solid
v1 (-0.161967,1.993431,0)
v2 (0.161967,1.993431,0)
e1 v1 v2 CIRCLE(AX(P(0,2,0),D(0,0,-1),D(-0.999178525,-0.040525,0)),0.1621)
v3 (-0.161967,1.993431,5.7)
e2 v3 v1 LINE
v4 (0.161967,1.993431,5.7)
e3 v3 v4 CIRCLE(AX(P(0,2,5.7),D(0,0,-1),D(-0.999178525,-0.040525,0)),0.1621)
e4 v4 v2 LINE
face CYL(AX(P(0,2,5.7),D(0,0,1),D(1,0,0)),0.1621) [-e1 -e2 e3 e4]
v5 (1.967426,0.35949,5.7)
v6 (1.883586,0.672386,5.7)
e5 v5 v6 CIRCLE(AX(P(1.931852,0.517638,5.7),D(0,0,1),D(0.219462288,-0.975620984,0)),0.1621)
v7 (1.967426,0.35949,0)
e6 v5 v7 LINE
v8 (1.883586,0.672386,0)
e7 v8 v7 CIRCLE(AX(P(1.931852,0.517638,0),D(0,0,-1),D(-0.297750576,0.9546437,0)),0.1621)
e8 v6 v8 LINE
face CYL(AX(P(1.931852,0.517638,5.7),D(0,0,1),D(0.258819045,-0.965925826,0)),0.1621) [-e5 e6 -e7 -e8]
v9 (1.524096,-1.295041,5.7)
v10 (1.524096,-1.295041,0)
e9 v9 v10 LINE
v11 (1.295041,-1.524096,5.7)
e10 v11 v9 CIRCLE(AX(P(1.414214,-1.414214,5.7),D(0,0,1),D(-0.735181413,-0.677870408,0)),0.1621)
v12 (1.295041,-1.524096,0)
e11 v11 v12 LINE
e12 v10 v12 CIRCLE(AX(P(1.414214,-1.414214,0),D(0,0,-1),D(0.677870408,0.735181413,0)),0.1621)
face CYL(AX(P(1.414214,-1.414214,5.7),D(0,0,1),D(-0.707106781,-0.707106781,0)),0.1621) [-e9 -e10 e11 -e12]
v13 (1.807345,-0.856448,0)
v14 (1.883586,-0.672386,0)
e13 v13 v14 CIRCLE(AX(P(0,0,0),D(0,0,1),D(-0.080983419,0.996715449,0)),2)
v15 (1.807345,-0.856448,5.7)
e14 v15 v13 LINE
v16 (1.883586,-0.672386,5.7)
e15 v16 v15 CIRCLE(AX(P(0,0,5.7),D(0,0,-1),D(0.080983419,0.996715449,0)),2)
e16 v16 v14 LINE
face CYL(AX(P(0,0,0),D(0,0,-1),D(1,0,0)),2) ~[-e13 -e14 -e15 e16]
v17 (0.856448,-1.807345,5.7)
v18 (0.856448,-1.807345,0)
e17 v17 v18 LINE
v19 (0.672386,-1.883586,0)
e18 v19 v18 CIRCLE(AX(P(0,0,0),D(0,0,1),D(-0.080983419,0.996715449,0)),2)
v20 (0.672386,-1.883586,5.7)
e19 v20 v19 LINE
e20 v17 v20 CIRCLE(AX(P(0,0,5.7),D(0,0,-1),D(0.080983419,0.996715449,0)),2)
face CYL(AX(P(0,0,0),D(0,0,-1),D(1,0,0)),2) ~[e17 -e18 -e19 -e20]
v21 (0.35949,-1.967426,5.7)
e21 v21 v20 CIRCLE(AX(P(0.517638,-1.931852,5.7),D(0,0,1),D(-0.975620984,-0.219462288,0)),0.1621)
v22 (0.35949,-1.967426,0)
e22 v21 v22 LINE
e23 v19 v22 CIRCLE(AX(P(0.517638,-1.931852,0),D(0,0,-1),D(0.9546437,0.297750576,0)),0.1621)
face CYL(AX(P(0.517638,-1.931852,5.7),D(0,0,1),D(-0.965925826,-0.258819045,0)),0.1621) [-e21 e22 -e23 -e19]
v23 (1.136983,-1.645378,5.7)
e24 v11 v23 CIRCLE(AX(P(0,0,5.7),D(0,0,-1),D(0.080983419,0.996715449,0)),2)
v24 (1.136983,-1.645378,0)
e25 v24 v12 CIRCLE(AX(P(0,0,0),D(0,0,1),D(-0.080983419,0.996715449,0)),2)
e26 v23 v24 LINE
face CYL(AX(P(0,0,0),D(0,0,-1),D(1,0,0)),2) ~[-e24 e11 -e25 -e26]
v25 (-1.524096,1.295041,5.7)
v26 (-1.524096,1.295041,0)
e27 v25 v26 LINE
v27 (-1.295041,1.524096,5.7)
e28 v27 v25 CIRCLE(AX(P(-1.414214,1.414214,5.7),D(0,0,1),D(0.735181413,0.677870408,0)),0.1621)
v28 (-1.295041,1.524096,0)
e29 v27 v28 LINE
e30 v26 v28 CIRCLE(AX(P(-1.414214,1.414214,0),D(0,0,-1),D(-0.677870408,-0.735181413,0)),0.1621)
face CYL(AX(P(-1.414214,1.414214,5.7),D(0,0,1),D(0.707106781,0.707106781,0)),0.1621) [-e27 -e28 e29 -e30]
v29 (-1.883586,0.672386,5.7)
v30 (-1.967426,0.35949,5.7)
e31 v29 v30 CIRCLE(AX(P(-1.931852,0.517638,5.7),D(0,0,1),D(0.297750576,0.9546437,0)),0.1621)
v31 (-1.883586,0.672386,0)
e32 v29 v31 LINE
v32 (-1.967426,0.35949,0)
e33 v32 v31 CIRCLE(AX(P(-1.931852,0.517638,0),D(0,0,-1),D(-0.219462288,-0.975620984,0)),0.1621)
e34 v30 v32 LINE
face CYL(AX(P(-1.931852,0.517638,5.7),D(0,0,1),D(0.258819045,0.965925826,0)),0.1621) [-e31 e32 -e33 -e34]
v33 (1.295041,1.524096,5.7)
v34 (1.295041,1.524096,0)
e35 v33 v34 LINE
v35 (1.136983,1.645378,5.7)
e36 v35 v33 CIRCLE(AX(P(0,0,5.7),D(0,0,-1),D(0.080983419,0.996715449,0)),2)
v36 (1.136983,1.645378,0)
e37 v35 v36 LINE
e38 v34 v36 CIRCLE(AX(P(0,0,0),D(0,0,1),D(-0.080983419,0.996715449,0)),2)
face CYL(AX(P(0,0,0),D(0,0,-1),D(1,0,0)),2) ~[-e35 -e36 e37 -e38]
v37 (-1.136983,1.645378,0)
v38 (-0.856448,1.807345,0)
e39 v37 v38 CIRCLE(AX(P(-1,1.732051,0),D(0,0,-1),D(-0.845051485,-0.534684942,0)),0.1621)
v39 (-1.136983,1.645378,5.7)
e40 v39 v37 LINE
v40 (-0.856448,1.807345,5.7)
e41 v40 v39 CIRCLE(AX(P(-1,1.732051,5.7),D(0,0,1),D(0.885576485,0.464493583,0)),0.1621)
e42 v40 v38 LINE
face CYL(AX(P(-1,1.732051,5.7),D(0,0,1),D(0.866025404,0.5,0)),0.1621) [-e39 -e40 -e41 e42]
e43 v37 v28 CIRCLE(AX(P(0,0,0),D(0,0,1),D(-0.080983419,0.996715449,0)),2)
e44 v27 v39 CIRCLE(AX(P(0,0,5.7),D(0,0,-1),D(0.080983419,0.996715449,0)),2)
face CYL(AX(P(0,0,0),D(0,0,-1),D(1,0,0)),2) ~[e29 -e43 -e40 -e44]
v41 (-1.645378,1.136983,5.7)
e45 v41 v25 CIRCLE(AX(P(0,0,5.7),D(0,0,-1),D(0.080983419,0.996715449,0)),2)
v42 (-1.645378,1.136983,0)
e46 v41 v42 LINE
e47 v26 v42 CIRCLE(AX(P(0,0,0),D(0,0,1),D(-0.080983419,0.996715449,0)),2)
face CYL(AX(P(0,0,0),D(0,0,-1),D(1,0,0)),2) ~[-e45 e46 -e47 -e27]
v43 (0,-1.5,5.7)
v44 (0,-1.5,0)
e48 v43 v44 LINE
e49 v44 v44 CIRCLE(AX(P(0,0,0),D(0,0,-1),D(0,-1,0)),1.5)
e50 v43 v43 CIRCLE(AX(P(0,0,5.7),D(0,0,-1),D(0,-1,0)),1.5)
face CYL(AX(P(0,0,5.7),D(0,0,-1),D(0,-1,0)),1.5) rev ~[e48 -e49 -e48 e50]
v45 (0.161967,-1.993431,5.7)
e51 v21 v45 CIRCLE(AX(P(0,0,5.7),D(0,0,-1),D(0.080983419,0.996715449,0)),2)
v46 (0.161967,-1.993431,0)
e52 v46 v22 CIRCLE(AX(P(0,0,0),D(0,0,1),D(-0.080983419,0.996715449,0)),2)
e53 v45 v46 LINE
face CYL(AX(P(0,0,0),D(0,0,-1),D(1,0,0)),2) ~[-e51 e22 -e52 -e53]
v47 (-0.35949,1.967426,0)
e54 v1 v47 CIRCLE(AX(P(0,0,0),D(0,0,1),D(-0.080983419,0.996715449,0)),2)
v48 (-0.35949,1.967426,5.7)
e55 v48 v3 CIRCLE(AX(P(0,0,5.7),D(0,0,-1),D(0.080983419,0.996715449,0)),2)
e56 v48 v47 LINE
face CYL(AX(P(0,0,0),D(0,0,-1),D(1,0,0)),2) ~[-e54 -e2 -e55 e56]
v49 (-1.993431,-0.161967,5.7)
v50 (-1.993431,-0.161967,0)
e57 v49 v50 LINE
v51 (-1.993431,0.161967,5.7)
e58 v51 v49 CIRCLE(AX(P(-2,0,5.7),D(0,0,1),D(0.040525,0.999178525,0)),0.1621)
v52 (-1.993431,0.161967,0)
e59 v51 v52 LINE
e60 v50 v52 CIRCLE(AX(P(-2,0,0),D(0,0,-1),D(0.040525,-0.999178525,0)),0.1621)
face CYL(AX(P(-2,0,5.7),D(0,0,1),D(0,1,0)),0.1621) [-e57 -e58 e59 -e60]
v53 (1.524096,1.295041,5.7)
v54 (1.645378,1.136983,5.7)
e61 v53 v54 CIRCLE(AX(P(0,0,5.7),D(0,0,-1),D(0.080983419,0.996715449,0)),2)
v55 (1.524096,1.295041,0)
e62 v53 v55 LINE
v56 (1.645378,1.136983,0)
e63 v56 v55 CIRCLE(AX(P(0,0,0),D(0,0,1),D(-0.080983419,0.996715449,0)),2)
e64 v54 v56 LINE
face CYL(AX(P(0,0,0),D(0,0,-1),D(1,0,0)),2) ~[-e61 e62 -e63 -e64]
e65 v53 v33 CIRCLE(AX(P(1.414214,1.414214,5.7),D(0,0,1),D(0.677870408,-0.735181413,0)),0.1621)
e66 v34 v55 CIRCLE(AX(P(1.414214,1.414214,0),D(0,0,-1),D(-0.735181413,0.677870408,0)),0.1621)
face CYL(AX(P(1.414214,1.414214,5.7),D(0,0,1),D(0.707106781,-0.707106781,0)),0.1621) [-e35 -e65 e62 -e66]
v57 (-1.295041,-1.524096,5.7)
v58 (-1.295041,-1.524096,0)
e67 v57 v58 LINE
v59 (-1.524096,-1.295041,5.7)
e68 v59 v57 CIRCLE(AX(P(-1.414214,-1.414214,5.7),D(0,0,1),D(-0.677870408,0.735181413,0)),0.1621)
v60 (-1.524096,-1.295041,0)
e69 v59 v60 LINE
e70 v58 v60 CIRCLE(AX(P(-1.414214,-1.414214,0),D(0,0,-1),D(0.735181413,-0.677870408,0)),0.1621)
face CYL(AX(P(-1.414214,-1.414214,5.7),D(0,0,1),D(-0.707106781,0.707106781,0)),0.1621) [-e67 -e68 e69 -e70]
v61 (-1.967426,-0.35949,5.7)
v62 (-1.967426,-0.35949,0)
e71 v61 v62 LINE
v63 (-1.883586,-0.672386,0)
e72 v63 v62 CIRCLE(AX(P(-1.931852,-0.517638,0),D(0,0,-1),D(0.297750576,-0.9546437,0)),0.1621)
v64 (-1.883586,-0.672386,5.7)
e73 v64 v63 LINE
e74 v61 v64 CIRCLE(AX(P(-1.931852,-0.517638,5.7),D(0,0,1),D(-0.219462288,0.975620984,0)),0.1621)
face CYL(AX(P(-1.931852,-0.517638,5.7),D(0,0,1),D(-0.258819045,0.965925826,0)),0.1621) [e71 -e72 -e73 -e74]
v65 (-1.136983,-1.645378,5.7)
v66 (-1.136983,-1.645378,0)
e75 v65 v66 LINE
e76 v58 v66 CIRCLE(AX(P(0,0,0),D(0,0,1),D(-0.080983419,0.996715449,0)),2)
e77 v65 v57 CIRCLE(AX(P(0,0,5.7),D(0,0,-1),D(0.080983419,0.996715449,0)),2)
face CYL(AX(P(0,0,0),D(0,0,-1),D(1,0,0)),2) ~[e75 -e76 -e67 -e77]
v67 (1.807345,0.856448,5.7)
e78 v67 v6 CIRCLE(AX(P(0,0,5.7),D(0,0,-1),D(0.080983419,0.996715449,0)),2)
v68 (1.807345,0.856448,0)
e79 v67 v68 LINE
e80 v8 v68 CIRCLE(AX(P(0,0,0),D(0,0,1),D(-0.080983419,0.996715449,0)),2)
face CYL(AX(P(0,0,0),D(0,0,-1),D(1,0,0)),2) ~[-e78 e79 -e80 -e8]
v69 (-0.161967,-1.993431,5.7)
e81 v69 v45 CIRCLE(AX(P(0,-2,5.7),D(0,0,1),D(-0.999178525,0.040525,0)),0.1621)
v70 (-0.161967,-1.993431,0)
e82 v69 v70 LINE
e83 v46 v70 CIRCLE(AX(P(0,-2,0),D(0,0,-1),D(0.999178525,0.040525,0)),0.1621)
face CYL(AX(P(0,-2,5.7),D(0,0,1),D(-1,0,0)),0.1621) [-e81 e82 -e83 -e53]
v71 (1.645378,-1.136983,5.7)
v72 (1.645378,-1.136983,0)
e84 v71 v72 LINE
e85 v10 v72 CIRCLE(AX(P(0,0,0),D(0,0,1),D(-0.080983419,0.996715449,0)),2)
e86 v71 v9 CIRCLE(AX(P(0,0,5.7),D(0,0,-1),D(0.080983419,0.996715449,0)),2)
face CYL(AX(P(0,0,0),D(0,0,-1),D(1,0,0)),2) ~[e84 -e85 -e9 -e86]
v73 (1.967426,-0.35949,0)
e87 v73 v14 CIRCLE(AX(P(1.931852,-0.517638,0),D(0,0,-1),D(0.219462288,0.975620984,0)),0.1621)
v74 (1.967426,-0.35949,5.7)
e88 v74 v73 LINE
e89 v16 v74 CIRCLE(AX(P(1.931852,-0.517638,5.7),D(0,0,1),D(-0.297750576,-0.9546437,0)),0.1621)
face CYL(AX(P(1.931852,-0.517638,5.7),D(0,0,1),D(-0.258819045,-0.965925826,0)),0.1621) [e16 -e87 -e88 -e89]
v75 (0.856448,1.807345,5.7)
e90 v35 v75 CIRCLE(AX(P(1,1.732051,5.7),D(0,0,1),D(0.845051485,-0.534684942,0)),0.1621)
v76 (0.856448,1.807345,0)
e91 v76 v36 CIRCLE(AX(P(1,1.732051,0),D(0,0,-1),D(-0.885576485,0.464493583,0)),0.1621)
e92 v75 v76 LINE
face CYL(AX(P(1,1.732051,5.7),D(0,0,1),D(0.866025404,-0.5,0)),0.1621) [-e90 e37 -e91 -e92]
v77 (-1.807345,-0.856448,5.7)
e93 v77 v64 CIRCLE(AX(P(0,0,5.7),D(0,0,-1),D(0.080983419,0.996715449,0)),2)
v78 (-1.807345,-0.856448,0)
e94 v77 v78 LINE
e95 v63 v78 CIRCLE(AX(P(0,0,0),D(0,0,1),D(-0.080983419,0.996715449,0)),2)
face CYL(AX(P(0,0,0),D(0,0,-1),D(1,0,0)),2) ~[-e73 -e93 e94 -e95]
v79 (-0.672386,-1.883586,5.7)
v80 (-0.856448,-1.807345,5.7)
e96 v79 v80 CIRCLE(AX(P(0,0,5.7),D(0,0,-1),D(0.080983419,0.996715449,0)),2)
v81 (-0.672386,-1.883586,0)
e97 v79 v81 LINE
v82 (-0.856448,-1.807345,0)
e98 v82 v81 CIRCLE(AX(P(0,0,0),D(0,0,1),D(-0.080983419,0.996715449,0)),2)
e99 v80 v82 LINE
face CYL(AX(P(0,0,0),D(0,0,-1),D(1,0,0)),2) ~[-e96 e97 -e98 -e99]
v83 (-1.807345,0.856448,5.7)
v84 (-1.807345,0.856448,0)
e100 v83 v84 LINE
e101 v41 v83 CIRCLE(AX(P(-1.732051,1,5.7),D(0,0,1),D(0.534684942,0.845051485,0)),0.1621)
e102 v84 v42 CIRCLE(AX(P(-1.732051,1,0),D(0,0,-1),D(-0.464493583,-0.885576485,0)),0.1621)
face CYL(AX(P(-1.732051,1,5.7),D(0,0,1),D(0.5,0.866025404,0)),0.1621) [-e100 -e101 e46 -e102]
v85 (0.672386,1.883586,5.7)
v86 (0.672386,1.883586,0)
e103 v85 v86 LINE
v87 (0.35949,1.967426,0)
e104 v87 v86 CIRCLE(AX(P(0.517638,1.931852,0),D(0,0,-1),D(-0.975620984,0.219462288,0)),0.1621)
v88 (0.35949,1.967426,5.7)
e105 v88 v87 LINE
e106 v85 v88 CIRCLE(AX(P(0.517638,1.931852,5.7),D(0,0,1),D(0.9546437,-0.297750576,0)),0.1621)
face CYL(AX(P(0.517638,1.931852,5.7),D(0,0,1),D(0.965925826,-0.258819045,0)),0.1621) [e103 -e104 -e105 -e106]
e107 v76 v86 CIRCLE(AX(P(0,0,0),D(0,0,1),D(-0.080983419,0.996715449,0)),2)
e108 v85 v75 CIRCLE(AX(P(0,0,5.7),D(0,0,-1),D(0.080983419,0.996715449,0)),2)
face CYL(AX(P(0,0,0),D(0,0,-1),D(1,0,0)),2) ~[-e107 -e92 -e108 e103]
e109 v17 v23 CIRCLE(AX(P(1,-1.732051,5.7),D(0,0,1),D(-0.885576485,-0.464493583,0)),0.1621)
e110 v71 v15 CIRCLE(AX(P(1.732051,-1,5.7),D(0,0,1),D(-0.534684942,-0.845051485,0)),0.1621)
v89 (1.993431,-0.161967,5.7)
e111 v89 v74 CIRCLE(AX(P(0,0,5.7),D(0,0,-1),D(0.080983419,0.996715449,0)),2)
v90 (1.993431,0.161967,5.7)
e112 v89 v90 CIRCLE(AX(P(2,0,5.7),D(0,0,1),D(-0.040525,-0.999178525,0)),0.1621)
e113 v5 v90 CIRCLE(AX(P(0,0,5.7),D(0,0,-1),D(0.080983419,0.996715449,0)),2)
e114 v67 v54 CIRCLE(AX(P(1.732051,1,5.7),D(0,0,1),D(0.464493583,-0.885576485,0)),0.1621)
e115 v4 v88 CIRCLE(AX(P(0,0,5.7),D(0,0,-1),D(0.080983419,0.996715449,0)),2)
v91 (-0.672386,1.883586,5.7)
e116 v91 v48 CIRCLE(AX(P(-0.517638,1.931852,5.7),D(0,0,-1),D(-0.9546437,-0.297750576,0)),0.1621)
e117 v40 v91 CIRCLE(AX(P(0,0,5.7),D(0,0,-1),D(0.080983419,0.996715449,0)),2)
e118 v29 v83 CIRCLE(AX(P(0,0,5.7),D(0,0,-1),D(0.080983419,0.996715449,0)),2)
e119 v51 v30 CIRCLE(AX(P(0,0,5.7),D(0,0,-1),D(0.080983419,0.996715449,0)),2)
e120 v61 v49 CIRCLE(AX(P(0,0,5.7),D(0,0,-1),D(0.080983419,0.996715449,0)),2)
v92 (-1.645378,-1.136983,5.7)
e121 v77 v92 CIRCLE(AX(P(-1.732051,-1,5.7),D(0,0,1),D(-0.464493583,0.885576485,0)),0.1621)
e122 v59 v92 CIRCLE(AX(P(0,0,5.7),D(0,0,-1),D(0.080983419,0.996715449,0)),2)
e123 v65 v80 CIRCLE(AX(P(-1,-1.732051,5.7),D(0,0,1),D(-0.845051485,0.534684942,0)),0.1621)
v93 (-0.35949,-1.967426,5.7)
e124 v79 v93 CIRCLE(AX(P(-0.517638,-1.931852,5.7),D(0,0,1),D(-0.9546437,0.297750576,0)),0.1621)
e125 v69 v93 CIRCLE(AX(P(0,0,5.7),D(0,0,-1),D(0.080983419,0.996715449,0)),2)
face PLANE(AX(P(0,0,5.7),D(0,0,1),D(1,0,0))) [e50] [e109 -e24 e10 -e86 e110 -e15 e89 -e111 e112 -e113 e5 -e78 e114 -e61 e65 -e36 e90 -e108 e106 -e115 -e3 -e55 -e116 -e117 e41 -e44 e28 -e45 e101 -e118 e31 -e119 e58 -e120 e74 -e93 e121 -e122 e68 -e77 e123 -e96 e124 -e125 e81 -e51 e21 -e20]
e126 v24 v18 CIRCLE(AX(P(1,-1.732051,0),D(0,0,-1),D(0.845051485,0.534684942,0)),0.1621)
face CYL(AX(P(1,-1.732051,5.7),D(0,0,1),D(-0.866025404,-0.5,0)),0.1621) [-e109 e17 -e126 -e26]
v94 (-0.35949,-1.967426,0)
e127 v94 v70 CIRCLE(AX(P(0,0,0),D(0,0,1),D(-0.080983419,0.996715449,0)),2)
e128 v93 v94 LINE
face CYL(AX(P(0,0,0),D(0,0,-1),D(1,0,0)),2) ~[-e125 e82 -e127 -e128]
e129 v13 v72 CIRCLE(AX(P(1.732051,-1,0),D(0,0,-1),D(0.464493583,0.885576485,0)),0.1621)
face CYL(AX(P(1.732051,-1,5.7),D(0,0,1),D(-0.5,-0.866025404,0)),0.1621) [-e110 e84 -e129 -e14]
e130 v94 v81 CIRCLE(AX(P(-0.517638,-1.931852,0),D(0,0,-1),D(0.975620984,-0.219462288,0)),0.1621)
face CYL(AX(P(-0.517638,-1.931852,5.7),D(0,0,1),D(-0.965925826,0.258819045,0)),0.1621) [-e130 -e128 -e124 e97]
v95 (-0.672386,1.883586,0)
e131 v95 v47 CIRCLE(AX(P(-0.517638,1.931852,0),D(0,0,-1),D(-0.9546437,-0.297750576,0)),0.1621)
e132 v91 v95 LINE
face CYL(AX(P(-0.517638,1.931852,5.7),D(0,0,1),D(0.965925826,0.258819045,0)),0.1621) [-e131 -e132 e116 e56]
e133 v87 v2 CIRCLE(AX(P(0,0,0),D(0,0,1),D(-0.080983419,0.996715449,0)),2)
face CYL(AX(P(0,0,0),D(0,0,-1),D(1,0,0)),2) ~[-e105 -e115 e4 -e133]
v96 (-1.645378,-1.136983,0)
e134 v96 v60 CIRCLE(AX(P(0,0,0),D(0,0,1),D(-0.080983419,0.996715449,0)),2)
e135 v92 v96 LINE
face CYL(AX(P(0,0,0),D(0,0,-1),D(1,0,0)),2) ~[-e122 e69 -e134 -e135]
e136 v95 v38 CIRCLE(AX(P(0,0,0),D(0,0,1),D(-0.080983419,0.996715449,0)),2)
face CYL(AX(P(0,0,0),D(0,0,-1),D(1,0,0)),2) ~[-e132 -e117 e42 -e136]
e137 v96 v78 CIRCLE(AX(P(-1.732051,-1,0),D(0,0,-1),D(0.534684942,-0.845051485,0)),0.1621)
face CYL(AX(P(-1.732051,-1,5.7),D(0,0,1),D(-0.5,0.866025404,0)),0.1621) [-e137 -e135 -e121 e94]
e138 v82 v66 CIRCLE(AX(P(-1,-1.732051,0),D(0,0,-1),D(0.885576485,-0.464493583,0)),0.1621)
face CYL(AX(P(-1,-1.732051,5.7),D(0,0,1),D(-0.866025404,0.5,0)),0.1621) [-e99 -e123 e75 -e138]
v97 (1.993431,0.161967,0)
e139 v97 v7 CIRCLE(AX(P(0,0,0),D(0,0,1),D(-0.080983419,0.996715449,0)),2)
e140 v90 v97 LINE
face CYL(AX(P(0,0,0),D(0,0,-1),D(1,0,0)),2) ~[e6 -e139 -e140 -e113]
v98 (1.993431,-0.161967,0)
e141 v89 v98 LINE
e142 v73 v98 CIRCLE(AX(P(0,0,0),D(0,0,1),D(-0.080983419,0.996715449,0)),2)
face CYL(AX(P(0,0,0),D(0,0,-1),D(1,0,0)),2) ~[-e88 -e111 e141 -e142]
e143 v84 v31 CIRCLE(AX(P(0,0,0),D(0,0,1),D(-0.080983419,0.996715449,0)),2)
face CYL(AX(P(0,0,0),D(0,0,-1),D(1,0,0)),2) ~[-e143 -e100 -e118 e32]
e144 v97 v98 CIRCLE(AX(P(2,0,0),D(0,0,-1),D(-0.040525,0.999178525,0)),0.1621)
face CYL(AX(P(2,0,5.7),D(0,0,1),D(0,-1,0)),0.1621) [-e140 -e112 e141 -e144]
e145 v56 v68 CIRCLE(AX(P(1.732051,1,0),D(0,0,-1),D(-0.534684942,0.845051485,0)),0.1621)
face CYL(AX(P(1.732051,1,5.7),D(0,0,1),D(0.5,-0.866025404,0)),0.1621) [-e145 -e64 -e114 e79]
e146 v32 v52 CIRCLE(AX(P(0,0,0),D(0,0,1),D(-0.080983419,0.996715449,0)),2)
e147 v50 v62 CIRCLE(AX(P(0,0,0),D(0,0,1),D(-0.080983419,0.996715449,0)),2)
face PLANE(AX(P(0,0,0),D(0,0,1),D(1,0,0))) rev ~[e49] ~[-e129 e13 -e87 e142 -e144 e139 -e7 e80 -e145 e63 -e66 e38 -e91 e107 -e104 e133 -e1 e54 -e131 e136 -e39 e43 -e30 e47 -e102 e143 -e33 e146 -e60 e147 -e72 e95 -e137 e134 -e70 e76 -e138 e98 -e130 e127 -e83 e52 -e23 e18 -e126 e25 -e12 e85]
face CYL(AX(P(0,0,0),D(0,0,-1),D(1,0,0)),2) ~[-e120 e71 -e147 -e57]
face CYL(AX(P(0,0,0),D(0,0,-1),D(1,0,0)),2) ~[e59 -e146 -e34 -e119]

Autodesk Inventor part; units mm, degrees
ref_plane "YZ Plane" through (0, 0, 0) normal (1, 0, 0) x (0, 1, 0)
ref_plane "XZ Plane" through (0, 0, 0) normal (0, 1, 0) x (-1, 0, 0)
ref_plane "XY Plane" through (0, 0, 0) normal (0, 0, 1) x (1, 0, 0)
sketch "Sketch1" plane through (0, 0, 0) normal (0, 0, 1) x (1, 0, 0)
  circle A0 centre (0, 0) radius 2
  dimension "d0" = 4
extrude "Extrusion1" add sketch "Sketch1" along normal blind 5.7
sketch "Sketch2" plane through (0, 0, 5.7) normal (0, 0, 1) x (1, 0, 0)
  circle A0 centre (0, 0) radius 2 projected
  circle A1 centre (0, 2) radius 0.1621
extrude "Extrusion2" add sketch "Sketch2" against normal blind 5.7 contours A1 A0 | A0 A1 picked at (0, 1.9455) picked at (0.0067, 2.0531)
pattern_circular "Circular Pattern1" count 24 over 360 about axis through (0, 0, -10) along (0, 0, 1) of "Extrusion2"
sketch "Sketch3" plane through (0, 0, 5.7) normal (0, 0, 1) x (1, 0, 0)
  point P0 (0, 0)
  point P1 (0, 0)
hole "Hole1" at (0, 0, 5.7) direction (0, 0, -1) diameter 3 end through all
thread "Thread1" size "M3x0.5" class "6H" standard "ANSI Metric M Profile" full length
properties part number "M3ThreadedInsert"
